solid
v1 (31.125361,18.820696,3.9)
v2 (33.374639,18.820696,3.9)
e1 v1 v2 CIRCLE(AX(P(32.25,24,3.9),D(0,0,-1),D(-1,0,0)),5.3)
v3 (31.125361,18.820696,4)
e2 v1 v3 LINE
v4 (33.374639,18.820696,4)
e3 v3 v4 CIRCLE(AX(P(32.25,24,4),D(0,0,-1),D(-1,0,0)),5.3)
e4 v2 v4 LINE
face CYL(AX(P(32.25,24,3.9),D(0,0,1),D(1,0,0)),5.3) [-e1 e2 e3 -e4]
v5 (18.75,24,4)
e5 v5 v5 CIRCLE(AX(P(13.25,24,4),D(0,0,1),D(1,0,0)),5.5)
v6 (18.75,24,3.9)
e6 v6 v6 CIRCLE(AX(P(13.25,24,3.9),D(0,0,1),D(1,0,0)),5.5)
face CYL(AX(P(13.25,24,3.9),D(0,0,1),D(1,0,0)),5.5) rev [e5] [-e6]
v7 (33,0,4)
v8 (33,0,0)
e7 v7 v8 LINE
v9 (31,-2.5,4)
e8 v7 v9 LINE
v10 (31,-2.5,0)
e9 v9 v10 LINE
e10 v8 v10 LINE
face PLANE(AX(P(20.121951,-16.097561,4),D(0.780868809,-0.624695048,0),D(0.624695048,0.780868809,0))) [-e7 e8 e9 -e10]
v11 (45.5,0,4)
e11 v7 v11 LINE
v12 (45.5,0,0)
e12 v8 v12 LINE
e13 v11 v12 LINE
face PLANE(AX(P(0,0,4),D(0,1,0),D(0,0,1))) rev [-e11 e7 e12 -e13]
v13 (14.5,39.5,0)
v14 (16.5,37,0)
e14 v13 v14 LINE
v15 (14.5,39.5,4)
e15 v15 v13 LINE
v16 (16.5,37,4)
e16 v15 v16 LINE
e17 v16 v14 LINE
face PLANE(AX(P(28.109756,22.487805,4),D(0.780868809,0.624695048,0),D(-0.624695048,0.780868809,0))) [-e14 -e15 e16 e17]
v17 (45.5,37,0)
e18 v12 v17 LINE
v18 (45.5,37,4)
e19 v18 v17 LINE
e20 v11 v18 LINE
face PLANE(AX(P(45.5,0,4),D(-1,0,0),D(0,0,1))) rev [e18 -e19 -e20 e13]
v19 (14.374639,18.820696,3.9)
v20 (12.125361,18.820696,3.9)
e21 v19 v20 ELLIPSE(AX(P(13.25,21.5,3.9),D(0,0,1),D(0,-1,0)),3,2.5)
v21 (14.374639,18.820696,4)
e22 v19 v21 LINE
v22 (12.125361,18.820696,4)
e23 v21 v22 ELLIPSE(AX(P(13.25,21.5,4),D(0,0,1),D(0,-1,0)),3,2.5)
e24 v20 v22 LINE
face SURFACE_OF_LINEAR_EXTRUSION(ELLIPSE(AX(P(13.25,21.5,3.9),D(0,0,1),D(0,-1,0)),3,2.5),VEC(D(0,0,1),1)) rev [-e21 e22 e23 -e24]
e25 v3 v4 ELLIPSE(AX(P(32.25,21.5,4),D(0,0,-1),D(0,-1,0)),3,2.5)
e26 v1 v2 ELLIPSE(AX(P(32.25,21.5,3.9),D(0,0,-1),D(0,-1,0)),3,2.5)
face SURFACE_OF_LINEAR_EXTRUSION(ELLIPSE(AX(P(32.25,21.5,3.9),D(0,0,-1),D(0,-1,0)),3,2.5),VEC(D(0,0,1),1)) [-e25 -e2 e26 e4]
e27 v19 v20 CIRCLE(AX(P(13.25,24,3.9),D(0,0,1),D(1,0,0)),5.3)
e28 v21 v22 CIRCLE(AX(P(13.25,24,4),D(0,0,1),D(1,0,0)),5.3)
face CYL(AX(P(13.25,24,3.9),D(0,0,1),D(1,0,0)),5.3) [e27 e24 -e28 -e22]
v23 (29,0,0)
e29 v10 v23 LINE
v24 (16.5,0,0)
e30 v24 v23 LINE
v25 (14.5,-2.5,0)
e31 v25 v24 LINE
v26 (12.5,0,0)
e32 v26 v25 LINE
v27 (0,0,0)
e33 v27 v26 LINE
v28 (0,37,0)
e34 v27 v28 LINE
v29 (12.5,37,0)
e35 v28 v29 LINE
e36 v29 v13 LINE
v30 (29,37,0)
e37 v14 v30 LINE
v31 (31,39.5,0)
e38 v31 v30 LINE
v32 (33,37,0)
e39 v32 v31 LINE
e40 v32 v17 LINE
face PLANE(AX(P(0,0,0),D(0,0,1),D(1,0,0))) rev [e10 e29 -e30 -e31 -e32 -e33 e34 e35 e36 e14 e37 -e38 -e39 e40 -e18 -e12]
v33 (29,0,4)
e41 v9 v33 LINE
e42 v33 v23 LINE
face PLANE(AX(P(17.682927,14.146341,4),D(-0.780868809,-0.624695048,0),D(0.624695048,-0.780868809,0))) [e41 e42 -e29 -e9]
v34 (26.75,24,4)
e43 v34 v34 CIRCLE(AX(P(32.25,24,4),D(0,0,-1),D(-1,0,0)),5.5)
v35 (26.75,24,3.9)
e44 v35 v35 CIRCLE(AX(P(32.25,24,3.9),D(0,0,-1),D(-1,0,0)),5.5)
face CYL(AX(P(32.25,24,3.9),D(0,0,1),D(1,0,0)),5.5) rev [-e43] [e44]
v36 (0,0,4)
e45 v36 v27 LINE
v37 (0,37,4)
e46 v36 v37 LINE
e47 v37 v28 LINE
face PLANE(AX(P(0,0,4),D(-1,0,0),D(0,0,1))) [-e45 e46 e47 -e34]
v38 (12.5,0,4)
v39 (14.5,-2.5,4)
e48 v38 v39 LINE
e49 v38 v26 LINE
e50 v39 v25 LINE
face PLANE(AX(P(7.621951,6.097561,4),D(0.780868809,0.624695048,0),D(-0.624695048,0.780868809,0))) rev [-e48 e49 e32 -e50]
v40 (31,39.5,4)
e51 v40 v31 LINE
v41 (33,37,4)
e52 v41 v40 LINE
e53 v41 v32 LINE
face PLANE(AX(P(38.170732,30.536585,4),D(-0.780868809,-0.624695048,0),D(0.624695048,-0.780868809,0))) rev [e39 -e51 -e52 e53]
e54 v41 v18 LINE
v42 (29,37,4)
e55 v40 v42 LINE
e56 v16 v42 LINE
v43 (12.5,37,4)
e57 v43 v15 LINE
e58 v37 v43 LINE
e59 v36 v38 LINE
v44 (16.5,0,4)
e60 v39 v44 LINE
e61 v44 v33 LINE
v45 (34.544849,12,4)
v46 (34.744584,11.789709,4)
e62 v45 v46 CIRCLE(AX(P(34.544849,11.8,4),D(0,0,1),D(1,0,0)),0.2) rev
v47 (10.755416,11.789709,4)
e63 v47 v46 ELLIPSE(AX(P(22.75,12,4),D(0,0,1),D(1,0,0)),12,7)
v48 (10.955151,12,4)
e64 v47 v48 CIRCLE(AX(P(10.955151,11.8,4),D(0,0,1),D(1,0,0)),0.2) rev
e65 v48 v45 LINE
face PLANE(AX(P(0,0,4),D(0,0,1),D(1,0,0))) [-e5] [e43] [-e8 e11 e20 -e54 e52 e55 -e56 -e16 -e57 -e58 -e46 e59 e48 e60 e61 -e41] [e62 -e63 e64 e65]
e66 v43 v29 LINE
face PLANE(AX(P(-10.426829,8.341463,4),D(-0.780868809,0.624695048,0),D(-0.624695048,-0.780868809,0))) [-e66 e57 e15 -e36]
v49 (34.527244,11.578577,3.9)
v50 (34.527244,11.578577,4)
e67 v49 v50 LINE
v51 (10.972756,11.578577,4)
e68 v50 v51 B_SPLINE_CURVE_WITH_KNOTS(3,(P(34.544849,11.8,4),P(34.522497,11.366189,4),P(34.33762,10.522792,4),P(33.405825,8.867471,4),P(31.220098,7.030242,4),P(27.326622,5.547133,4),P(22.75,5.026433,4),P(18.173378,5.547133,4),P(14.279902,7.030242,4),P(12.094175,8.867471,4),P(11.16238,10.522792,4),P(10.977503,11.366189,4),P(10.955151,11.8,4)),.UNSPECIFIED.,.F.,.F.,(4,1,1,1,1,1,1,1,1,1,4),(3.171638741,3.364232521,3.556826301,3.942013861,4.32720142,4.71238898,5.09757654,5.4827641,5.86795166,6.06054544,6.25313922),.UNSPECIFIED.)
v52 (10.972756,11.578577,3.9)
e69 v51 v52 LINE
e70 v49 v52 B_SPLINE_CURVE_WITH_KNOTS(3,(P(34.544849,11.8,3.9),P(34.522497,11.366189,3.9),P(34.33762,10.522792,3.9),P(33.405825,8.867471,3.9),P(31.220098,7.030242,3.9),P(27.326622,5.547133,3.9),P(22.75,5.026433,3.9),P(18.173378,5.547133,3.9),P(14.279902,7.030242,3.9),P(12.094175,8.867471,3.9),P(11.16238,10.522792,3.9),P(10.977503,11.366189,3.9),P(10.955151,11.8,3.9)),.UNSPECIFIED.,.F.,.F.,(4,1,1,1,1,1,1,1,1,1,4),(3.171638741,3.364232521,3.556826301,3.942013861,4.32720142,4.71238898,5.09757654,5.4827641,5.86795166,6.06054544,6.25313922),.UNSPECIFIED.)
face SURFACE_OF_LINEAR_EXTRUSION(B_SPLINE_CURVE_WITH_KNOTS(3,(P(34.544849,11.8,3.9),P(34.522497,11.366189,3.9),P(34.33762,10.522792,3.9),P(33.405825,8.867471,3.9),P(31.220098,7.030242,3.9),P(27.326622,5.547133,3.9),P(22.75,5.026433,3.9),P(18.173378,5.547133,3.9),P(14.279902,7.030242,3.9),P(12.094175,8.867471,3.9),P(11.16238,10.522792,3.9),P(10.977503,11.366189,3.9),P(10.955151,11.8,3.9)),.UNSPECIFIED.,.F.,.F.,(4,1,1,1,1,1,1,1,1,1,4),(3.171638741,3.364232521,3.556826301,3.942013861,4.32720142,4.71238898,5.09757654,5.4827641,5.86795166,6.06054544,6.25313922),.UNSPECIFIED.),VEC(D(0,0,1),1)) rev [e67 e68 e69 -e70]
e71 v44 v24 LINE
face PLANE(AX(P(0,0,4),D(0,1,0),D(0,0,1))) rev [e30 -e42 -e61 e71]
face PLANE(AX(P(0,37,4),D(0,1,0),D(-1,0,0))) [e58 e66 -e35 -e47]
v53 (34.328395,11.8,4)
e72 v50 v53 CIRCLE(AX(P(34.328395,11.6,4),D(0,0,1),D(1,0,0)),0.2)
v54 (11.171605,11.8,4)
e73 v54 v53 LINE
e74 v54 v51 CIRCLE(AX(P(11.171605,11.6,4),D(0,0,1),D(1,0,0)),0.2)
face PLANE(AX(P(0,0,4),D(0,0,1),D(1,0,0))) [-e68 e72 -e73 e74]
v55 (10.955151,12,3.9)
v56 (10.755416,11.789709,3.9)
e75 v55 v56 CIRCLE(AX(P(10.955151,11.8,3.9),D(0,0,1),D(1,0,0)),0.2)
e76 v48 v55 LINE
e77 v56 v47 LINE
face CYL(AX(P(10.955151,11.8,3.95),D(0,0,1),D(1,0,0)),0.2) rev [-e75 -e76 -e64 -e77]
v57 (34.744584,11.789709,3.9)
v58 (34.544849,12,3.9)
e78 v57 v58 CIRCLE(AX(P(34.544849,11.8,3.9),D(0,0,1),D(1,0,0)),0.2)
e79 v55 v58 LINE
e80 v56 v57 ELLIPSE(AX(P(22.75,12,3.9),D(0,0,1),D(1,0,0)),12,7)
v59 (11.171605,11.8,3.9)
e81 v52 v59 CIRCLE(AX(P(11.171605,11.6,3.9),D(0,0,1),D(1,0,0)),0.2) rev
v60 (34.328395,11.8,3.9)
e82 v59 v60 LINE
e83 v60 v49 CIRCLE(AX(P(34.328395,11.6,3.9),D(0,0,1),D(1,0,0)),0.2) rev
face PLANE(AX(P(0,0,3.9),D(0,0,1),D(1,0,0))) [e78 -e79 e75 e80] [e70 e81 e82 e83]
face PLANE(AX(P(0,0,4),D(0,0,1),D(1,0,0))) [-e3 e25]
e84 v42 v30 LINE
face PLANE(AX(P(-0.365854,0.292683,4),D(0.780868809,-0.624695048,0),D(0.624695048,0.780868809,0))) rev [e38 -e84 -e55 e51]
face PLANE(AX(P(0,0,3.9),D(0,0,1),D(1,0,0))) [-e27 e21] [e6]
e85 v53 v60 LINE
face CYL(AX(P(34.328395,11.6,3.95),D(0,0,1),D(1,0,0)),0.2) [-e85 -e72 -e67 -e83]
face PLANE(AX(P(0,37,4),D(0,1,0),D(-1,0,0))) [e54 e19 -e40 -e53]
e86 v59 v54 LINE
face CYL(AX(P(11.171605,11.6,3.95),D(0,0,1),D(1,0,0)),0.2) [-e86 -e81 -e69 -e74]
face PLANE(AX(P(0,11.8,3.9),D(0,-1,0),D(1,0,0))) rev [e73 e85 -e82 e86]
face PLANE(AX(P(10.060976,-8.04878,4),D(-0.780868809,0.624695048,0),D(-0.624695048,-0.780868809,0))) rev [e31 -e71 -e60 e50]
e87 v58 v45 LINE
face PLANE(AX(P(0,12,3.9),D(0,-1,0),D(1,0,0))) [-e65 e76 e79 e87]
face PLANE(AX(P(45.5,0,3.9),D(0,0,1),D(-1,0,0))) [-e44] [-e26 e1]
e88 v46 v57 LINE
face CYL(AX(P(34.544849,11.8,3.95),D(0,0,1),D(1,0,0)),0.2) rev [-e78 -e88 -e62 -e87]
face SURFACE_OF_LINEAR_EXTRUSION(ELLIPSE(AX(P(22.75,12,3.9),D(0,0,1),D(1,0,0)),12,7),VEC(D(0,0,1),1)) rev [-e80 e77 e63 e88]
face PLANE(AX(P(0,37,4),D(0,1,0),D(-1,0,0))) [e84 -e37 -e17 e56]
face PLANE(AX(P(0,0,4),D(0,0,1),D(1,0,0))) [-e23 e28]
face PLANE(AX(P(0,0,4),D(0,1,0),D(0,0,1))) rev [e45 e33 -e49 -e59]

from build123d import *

# Parameters (mm, degrees)
BASIS_DEPTH         = 4
CUT_EXTRUDE10_DEPTH = 0.1
CUT_EXTRUDE14_DEPTH = 0.1
SKETCH10_9_R        = 5.5
SKETCH10_9_R_2      = 5.3
CUT_EXTRUDE16_DEPTH = 0.1
FILLET1_R           = 0.2


with BuildPart() as part:
    # Sketch1 → Basis (new body)
    with BuildSketch(Plane.XY):
        Polygon((0, 37), (0, 0), (12.5, 0), (14.5, -2.5), (16.5, 0), (29, 0), (31, -2.5), (33, 0), (45.5, 0), (45.5, 37), (33, 37), (31, 39.5), (29, 37), (16.5, 37), (14.5, 39.5), (12.5, 37), align=None)
    extrude(amount=BASIS_DEPTH)

    # Sketch10 → Cut-Extrude10 (cut)
    with BuildSketch(Plane.XY.offset(4)):
        with BuildLine():
            Line((34.75, 12), (10.75, 12))
            add(Edge.make_bspline(
                [(10.75, 12), (10.75, 5), (22.75, 5), (34.75, 5), (34.75, 12)],
                knots=[0, 0, 0, 1.570796327, 1.570796327, 3.141592654, 3.141592654, 3.141592654], degree=2, weights=[1, 0.707106781, 1, 0.707106781, 1]))
        make_face()
        with BuildLine():
            add(Edge.make_bspline(
                [(34.544848739, 11.8), (34.522497462, 11.366189062), (34.337619942, 10.522792028), (33.405825268, 8.867470761), (31.220098023, 7.030241966), (27.326621533, 5.547133455), (22.75, 5.026433272), (18.173378467, 5.547133455), (14.279901977, 7.030241966), (12.094174732, 8.867470761), (11.162380058, 10.522792028), (10.977502538, 11.366189062), (10.955151261, 11.8)],
                knots=[3.171638741, 3.171638741, 3.171638741, 3.171638741, 3.364232521, 3.556826301, 3.942013861, 4.32720142, 4.71238898, 5.09757654, 5.4827641, 5.86795166, 6.06054544, 6.25313922, 6.25313922, 6.25313922, 6.25313922], degree=3))
            Line((10.955151261, 11.8), (34.544848739, 11.8))
        make_face(mode=Mode.SUBTRACT)
    extrude(amount=-CUT_EXTRUDE10_DEPTH, mode=Mode.SUBTRACT)

    # Sketch10<6> → Cut-Extrude14 (cut)
    with BuildSketch(Plane.XY.offset(4)):
        with BuildLine():
            ThreePointArc((12.125360528, 18.820696373), (13.25, 18.7), (14.374639472, 18.820696373))
            add(Edge.make_bspline(
                [(14.374639472, 18.820696373), (17.140586708, 20.492548158), (15.195293354, 23.38435682), (13.25, 26.276165482), (11.304706646, 23.38435682), (9.359413292, 20.492548158), (12.125360528, 18.820696373)],
                knots=[0.46660386, 0.46660386, 0.46660386, 2.249929722, 2.249929722, 4.033255585, 4.033255585, 5.816581447, 5.816581447, 5.816581447], degree=2, weights=[1, 0.62811894, 1, 0.62811894, 1, 0.62811894, 1]))
        make_face()
    cut_extrude14 = extrude(amount=-CUT_EXTRUDE14_DEPTH, mode=Mode.SUBTRACT)

    # Sketch10<9> → Cut-Extrude16 (cut)
    with BuildSketch(Plane.XY.offset(4)):
        with Locations((13.25, 24)):
            Circle(SKETCH10_9_R)
        with Locations((13.25, 24)):
            Circle(SKETCH10_9_R_2, mode=Mode.SUBTRACT)
    cut_extrude16 = extrude(amount=-CUT_EXTRUDE16_DEPTH, mode=Mode.SUBTRACT)

    # Mirror1: Cut-Extrude14, Cut-Extrude16 across plane
    add(cut_extrude14.mirror(Plane.ZY.offset(-22.75)), mode=Mode.SUBTRACT)
    add(cut_extrude16.mirror(Plane.ZY.offset(-22.75)), mode=Mode.SUBTRACT)

    # Fillet1
    fillet1_edges = [part.edges().sort_by_distance(p)[0] for p in [
        (34.544848739, 11.8, 3.95),
        (34.75, 12, 3.95),
        (10.955151261, 11.8, 3.95),
        (10.75, 12, 3.95),
    ]]
    fillet(fillet1_edges, radius=FILLET1_R)


solid = part.part
